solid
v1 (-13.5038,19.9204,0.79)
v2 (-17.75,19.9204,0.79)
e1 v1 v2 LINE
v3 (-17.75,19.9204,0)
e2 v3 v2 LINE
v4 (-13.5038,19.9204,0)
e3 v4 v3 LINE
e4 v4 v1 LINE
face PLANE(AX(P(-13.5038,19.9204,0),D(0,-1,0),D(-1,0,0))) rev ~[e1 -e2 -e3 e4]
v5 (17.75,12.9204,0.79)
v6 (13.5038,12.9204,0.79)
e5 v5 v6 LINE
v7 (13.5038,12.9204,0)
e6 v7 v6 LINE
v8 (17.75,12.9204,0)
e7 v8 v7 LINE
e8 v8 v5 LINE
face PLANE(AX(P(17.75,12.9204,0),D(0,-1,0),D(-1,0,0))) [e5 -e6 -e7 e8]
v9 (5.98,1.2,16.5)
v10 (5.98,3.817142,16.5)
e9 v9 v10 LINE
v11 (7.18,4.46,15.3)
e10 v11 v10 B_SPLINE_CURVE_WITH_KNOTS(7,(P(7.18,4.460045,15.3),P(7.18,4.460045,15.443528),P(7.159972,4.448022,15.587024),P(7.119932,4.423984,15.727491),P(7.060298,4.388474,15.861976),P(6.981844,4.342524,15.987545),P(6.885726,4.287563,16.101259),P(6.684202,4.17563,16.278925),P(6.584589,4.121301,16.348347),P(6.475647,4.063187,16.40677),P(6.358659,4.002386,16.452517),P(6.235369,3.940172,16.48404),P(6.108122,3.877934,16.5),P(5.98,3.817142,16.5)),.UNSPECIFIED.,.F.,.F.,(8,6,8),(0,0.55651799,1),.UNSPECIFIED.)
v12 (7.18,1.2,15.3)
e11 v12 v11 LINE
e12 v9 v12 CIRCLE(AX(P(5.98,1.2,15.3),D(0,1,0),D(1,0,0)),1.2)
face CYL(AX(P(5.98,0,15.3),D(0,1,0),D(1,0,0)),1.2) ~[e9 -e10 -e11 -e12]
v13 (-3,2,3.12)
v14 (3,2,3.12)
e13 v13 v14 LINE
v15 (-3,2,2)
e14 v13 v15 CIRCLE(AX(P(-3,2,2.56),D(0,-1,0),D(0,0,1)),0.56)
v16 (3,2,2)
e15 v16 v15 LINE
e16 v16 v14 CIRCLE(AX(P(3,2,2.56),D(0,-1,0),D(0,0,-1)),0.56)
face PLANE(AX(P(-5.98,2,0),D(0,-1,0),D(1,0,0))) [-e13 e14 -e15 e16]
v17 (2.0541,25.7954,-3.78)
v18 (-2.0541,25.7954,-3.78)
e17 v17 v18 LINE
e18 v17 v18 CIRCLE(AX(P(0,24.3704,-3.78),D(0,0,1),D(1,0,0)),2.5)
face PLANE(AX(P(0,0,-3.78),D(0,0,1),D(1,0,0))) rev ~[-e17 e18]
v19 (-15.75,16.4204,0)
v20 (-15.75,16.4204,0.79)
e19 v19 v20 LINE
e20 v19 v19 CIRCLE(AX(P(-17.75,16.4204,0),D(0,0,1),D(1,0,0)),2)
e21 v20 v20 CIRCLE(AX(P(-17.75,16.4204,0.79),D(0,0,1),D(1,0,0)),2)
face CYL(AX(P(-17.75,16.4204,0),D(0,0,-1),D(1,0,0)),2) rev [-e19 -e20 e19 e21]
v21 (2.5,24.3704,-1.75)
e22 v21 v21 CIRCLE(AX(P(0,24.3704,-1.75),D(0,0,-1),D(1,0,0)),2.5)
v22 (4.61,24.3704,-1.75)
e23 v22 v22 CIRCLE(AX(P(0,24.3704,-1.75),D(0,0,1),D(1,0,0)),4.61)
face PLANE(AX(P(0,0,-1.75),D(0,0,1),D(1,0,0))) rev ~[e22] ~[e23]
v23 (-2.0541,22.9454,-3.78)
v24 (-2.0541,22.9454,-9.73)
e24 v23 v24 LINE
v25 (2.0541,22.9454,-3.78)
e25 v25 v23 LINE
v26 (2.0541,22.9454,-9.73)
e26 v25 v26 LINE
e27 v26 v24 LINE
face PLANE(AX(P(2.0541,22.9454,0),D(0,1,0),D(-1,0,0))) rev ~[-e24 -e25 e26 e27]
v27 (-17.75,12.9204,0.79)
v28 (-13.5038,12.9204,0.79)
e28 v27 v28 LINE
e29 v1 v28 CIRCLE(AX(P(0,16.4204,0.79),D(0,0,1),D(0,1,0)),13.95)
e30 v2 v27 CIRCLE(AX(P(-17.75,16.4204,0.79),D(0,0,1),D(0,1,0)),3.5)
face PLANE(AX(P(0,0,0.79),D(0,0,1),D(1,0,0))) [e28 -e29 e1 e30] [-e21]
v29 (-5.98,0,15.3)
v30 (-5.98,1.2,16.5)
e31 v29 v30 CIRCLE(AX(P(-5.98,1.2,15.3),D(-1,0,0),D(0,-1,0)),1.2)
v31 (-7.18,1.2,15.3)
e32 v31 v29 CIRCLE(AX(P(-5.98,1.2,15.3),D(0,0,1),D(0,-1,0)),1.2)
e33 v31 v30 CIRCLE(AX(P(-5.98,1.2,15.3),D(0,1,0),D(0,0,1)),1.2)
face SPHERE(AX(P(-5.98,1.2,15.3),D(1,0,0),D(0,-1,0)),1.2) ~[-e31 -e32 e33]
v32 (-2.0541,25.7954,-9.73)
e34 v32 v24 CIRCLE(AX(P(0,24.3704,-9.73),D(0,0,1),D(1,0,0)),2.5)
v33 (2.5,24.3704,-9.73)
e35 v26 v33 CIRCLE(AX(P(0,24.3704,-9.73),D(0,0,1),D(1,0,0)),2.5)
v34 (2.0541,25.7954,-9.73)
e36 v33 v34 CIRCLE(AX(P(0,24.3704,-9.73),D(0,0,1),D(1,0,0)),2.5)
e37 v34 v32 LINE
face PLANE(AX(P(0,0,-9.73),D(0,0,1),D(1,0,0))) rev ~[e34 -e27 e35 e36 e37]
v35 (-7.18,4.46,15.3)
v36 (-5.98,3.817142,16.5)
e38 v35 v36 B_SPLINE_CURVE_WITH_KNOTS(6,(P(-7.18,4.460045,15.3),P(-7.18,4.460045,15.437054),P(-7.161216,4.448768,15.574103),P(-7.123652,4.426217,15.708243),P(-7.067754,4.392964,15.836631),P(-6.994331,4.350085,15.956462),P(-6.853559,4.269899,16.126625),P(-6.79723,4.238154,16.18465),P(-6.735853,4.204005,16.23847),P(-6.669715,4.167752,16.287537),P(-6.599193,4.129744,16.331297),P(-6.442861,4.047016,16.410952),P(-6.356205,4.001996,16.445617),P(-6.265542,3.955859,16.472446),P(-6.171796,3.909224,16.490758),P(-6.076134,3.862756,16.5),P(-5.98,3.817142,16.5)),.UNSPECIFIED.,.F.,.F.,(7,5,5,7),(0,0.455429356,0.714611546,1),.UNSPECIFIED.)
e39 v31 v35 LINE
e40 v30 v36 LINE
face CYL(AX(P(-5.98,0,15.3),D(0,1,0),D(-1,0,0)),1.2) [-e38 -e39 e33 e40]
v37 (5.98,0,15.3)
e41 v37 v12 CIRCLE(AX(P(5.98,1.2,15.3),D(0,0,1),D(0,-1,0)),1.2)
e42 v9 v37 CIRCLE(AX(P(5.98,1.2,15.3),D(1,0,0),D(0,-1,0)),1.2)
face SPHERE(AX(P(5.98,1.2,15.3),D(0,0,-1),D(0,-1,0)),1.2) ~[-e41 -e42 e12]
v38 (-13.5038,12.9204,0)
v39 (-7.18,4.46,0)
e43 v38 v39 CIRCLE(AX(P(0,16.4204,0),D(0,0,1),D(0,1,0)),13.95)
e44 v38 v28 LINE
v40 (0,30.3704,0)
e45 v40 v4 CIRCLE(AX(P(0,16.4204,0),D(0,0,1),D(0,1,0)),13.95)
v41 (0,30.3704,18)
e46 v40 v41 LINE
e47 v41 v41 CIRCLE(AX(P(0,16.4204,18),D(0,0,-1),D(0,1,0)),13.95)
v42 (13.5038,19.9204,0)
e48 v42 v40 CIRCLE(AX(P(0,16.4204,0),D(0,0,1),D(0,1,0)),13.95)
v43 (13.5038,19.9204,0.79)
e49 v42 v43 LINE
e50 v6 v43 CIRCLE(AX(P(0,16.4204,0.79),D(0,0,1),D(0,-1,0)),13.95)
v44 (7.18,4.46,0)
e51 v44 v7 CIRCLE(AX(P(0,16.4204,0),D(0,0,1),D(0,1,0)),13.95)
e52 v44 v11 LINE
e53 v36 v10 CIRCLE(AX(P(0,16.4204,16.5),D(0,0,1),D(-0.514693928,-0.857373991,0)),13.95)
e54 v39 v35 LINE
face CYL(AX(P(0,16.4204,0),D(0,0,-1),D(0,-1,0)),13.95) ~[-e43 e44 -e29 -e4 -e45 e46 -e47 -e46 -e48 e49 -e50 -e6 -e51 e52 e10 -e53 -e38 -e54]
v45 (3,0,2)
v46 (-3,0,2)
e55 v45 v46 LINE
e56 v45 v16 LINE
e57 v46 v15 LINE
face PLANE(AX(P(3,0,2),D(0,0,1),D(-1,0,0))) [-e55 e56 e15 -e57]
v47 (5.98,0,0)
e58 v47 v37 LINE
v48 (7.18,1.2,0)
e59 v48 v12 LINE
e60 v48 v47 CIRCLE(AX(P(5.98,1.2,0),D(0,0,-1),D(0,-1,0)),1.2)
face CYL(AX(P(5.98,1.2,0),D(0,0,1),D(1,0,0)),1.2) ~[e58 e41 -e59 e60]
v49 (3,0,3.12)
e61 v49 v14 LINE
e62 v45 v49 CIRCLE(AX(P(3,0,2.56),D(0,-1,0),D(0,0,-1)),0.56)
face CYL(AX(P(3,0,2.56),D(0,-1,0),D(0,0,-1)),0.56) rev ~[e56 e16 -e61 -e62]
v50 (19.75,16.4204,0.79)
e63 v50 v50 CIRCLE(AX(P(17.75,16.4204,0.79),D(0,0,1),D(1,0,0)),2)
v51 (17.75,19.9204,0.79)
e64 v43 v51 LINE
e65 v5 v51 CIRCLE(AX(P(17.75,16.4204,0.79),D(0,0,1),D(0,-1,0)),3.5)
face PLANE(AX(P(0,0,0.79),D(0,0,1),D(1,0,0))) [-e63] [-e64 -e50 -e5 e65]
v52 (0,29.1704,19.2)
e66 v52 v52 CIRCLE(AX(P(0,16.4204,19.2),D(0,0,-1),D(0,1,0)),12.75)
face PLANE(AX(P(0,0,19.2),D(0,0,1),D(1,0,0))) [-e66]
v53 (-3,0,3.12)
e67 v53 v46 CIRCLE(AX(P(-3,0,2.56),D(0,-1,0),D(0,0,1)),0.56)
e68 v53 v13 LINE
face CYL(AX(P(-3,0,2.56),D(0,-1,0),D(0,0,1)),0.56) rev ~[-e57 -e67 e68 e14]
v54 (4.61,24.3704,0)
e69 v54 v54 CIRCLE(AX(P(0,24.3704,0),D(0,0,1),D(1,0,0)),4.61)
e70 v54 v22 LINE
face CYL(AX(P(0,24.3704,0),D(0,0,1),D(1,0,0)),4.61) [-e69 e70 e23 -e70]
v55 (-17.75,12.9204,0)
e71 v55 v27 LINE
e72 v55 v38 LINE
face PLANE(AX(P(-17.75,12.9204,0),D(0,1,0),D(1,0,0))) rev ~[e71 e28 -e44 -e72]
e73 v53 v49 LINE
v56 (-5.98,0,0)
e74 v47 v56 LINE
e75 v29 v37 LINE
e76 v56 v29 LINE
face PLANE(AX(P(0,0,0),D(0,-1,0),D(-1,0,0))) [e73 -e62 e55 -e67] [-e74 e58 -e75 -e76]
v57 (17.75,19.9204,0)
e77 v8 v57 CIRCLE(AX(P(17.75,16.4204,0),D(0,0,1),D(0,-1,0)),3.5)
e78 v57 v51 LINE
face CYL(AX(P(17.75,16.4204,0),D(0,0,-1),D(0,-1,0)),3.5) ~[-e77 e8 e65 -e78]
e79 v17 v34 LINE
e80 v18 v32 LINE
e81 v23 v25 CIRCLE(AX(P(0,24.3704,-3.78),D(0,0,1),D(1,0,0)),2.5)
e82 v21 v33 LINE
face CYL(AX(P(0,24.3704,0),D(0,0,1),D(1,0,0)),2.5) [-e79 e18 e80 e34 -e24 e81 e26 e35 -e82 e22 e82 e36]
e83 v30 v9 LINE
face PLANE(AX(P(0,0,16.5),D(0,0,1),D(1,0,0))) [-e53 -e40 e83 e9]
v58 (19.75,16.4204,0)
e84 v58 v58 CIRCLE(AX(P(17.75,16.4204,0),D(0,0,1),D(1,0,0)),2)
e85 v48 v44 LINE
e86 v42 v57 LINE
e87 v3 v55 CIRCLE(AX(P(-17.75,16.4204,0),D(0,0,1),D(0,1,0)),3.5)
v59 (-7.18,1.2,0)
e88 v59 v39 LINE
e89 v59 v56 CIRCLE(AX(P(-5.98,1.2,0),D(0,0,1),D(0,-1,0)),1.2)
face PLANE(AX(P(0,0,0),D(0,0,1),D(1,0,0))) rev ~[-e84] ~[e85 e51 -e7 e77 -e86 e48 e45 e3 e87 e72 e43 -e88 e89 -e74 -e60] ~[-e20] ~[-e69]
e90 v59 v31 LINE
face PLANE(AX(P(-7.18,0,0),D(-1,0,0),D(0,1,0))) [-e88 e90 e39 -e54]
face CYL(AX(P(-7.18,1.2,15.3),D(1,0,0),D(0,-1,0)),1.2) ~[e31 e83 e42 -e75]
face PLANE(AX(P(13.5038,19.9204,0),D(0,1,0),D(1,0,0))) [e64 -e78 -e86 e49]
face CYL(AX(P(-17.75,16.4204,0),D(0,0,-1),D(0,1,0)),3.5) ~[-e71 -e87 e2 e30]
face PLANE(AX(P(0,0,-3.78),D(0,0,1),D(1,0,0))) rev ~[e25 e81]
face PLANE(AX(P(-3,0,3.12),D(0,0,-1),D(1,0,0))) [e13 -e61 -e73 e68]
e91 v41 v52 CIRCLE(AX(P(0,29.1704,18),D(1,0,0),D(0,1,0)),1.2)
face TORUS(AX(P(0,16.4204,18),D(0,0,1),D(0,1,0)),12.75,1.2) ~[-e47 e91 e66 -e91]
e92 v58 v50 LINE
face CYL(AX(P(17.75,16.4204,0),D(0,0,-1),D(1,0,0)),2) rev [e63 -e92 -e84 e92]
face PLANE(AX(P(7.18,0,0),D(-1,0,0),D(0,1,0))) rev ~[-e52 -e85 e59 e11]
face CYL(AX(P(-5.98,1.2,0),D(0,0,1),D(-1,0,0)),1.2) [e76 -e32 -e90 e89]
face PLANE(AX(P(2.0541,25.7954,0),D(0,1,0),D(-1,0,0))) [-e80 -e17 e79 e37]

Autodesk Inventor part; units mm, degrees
ref_plane "YZ Plane" through (0, 0, 0) normal (1, 0, 0) x (0, 1, 0)
ref_plane "XZ Plane" through (0, 0, 0) normal (0, 1, 0) x (-1, 0, 0)
ref_plane "XY Plane" through (0, 0, 0) normal (0, 0, 1) x (1, 0, 0)
sketch "Sketch1" plane through (0, 0, 0) normal (0, 0, 1) x (1, 0, 0)
  line L0 (0, 0) -> (0, 30.3704) construction
  line L1 (0, 0) -> (7.18, 0)
  line L2 (7.18, 0) -> (7.18, 4.46)
  arc A0 (0, 2.4704) -> (0, 30.3704) centre (0, 16.4204) ccw
  line L3 (13.5038, 19.9204) -> (17.75, 19.9204)
  arc A1 (17.75, 12.9204) -> (17.75, 19.9204) centre (17.75, 16.4204) ccw
  line L4 (17.75, 12.9204) -> (13.5038, 12.9204)
  circle A2 centre (17.75, 16.4204) radius 2
  line L5 (0, 0) -> (-7.18, 0)
  line L6 (-7.18, 0) -> (-7.18, 4.46)
  arc A3 (0, 30.3704) -> (0, 2.4704) centre (0, 16.4204) ccw
  line L7 (-13.5038, 19.9204) -> (-17.75, 19.9204)
  arc A4 (-17.75, 19.9204) -> (-17.75, 12.9204) centre (-17.75, 16.4204) ccw
  line L8 (-17.75, 12.9204) -> (-13.5038, 12.9204)
  circle A5 centre (-17.75, 16.4204) radius 2
  circle A6 centre (0, 24.3704) radius 4.61
  circle A7 centre (0, 24.3704) radius 2.5
  line L9 (2.0541, 25.7954) -> (-2.0541, 25.7954)
  line L10 (2.0541, 22.9454) -> (-2.0541, 22.9454)
  dimension "d0" = 13.95
  dimension "d1" = 7.18
  dimension "d2" = 4.46
  dimension "d3" = 3.5
  dimension "d4" = 4
  dimension "d11" = 9.22
  dimension "d12" = 5
  dimension "d13" = 2.85
  dimension "d26" = 35.5
  dimension "d27" = 6
extrude "Extrusion1" add sketch "Sketch1" along normal blind 19.2 contours A0 A3 | A6 | A7 L10 L9 | L9 A7 | A7 L10
extrude "Extrusion2" add sketch "Sketch1" along normal blind 0.79 contours A0 L3 A1 L4 | L8 A4 L7 A3
extrude "Extrusion3" add sketch "Sketch1" along normal blind 16.5 contours L5 L6 A3 A0 L2 L1
extrude "Extrusion4" add sketch "Sketch1" against normal blind 1.75 contours A6
extrude "Extrusion5" add sketch "Sketch1" against normal blind 3.78 contours L9 A7 | A7 L10
extrude "Extrusion6" add sketch "Sketch1" against normal blind 9.73 contours A7 L10 L9
fillet "Fillet1" radius 1.2 6 edges at (7.18, 28.3807, 19.2) (7.18, 0, 8.25) (0, 0, 16.5) (-7.18, 0, 8.25) (-7.18, 2.23, 16.5) (7.18, 2.23, 16.5)
sketch "Sketch2" plane through (-5.98, 0, 0) normal (0, -1, 0) x (1, 0, 0)
  line L0 (8.98, 2.56) -> (2.98, 2.56) construction
  line L1 (8.98, 2) -> (2.98, 2)
  line L2 (2.98, 3.12) -> (8.98, 3.12)
  arc A0 (8.98, 2) -> (8.98, 3.12) centre (8.98, 2.56) ccw
  arc A1 (2.98, 3.12) -> (2.98, 2) centre (2.98, 2.56) ccw
  line L3 (0, 0) -> (11.96, 0) projected
  point P0 (5.98, 0)
  point P1 (5.98, 2.56)
  point P2 (5.98, 0)
  dimension "d21" = 2
  dimension "d22" = 1.12
  dimension "d23" = 6
extrude "Extrusion7" cut sketch "Sketch2" against normal blind 2
properties part number "STEPPER MOTOR"
